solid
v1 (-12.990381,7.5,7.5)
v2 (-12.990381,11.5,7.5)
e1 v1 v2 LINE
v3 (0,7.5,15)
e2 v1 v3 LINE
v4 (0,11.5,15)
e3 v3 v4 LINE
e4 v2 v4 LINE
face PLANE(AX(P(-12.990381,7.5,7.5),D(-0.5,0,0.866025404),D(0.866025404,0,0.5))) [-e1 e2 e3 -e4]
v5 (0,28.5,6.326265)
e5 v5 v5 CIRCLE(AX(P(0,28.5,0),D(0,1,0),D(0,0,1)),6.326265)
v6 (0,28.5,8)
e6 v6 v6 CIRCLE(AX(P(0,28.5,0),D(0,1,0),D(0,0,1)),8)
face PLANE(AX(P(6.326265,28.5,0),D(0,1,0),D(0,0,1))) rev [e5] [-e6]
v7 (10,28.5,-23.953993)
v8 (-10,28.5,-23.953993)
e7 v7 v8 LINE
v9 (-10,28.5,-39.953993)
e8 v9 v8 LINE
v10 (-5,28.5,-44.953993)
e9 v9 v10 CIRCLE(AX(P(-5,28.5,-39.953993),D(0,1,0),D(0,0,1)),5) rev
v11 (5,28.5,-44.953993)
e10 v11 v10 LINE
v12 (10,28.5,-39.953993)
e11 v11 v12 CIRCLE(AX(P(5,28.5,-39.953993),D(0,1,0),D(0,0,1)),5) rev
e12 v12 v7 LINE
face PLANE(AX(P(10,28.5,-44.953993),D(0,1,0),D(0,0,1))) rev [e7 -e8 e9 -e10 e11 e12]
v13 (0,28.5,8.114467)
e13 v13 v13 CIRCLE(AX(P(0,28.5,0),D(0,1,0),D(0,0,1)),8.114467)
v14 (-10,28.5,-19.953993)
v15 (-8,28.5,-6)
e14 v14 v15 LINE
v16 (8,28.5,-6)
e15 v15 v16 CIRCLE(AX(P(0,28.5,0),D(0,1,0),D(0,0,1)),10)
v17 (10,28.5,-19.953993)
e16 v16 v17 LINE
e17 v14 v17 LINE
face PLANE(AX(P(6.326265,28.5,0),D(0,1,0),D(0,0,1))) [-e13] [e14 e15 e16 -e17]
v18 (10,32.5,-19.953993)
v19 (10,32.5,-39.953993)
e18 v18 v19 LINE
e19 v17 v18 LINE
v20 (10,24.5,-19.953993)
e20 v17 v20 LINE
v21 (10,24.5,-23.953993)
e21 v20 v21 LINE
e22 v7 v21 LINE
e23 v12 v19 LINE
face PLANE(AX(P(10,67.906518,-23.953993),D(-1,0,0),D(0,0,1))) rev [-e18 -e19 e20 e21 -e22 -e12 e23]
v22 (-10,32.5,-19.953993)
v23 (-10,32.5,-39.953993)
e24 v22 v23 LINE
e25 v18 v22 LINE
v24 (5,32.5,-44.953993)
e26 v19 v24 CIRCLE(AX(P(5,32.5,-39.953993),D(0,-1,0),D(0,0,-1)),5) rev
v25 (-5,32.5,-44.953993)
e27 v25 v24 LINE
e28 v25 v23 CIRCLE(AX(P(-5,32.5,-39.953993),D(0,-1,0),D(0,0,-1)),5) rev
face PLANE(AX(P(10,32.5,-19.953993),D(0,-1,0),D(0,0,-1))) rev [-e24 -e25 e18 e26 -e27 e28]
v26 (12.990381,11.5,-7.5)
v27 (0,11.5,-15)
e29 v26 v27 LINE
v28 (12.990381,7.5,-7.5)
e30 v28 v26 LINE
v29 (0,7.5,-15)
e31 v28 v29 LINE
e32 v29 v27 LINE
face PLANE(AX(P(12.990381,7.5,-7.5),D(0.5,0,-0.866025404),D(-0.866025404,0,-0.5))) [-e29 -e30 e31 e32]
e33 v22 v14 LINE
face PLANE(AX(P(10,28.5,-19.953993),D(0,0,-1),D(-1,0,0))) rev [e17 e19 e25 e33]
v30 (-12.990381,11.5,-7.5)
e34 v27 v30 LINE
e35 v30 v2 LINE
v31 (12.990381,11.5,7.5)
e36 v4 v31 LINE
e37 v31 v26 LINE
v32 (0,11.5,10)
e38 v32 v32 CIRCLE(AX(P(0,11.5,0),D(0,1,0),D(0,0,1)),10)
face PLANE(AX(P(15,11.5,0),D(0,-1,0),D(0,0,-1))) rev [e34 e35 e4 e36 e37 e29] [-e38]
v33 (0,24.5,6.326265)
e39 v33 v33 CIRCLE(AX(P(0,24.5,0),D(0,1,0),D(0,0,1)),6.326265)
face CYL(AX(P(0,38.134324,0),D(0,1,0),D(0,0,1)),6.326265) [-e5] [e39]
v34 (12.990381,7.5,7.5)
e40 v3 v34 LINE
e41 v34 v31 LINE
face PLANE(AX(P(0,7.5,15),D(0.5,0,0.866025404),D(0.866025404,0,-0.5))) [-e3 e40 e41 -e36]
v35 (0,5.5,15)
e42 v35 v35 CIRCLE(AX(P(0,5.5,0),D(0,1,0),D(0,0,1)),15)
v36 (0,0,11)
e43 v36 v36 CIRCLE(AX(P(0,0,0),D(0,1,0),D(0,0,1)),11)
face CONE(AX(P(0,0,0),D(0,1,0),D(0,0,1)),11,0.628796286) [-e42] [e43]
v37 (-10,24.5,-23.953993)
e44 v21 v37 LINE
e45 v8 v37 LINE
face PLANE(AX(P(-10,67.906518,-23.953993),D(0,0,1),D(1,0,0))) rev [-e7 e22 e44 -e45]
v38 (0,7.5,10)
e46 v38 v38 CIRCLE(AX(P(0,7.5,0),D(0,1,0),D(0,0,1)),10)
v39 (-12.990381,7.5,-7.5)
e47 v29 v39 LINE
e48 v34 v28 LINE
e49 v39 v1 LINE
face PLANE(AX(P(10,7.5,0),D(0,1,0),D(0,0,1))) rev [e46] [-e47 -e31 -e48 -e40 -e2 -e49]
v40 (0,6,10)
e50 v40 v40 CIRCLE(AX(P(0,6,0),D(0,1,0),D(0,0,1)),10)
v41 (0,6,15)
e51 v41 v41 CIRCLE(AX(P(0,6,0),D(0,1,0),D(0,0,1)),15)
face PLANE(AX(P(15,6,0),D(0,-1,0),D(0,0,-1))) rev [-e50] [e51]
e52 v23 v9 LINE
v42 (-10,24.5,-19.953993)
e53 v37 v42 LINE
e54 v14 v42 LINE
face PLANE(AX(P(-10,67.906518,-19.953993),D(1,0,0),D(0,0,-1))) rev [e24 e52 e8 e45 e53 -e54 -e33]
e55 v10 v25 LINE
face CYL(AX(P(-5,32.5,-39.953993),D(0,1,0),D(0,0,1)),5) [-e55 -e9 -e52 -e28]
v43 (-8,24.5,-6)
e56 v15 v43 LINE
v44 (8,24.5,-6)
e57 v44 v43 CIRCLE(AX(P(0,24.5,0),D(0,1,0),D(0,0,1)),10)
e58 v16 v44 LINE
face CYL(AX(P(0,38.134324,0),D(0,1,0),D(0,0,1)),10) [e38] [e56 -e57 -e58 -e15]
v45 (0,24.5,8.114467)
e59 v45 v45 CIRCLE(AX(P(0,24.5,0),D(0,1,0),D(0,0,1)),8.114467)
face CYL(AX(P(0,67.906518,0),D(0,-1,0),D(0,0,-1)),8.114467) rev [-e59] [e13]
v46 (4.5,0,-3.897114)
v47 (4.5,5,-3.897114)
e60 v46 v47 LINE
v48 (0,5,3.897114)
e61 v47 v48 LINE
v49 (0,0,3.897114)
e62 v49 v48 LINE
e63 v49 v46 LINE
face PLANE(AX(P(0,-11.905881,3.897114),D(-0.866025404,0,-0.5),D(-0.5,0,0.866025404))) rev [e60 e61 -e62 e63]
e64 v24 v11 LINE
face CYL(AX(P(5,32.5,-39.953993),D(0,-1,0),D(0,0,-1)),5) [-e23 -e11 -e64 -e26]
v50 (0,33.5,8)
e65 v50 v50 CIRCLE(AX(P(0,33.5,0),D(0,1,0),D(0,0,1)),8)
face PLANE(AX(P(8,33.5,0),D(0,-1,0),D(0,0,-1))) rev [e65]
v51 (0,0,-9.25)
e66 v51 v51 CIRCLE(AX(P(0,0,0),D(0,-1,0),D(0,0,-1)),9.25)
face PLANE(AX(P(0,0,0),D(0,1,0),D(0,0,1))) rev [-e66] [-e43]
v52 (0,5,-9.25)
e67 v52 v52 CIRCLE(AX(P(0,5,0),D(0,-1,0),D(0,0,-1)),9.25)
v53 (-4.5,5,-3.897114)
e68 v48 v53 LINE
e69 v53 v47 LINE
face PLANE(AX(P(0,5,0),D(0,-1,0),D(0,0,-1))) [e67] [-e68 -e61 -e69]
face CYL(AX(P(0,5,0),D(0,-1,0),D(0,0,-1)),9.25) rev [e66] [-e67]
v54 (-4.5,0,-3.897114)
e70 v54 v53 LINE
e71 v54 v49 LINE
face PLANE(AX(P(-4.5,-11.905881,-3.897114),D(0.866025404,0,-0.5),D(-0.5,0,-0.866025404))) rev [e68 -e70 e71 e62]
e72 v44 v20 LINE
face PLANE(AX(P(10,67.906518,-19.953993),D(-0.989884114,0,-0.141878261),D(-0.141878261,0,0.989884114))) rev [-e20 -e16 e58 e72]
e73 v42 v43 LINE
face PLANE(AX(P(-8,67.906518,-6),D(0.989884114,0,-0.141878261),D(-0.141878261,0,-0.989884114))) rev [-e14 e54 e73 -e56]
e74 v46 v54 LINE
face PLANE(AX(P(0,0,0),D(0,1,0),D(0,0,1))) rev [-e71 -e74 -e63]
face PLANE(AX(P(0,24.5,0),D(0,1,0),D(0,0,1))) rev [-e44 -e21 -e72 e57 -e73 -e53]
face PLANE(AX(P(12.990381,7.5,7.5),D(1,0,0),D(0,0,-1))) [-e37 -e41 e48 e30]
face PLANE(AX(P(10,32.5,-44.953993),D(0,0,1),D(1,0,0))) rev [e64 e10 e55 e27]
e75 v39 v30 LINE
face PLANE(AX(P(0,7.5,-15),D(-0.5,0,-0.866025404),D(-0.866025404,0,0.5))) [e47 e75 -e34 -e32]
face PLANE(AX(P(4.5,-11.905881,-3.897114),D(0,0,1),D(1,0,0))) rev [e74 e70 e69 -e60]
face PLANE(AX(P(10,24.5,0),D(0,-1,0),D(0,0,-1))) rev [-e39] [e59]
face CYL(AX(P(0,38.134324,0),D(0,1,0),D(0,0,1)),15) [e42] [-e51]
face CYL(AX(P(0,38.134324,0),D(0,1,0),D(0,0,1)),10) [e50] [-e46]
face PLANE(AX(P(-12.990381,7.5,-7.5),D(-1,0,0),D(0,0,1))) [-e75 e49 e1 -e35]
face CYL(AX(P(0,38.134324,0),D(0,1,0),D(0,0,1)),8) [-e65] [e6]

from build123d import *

# Parameters (mm, degrees)
EXTRUDE_START       = 4
SKETCH_2_R          = 8.114467409
EXTRUDE_1_DEPTH     = 4
SKETCH_4_R          = 9.25
CUT_EXTRUDE_1_DEPTH = 5
SKETCH_5_OUTSIDE_W  = 43.9
SKETCH_5_OUTSIDE_H  = 52.854
CUT_EXTRUDE_7_DEPTH = 4
EXTRUDE_3_DEPTH     = 5
SKETCH_9_W          = 20
SKETCH_9_H          = 4
EXTRUDE_4_DEPTH     = 21
SKETCH_11_W         = 20
SKETCH_11_H         = 4
EXTRUDE_5_DEPTH     = 4
FILLET_1_R          = 5


with BuildPart() as part:
    # Эскиз1 → Повернуть1 (revolve)
    with BuildSketch(Plane.XY, mode=Mode.PRIVATE) as revolve_1_sk:
        Polygon((0, 0), (11, 0), (15, 5.5), (15, 6), (10, 6), (10, 7.5), (15, 7.5), (15, 11.5), (10, 11.5), (10, 24.5), (6.326264721, 24.5), (6.326264721, 28.5), (8, 28.5), (8, 33.5), (0, 33.5), align=None)
    revolve(revolve_1_sk.sketch.rotate(Axis((0, 38.134324324, 0), (0, -1, 0)), 90), axis=Axis((0, 38.134324324, 0), (0, -1, 0)))

    # Эскиз2 → Вытянуть1 (add)
    with BuildSketch(Plane(origin=(0, 24.5, 0), x_dir=(1, 0, 0), z_dir=(0, 1, 0)).offset(EXTRUDE_START)):
        with BuildLine():
            Line((-8, 6), (-10, 19.953992765))
            Line((-10, 19.953992765), (-10, 23.953992765))
            Line((-10, 23.953992765), (10, 23.953992765))
            Line((10, 23.953992765), (10, 19.953992765))
            Line((10, 19.953992765), (8, 6))
            ThreePointArc((8, 6), (0, -10), (-8, 6))
        make_face()
        with Locations(Location((0, 0, 0), (0, 0, 270))):
            Circle(SKETCH_2_R, mode=Mode.SUBTRACT)
    extrude(amount=-EXTRUDE_1_DEPTH)

    # Эскиз4 → Вырез-Вытянуть1 (cut)
    with BuildSketch(Plane.XZ):
        with Locations(Location((0, 0, 0), (0, 0, 270))):
            Circle(SKETCH_4_R)
    extrude(amount=-CUT_EXTRUDE_1_DEPTH, mode=Mode.SUBTRACT)

    # Эскиз5 outside → Вырез-Вытянуть7 (cut)
    with BuildSketch(Plane(origin=(0, 11.5, 0), x_dir=(1, 0, 0), z_dir=(0, 1, 0))):
        with Locations((0, 4.477)):
            Rectangle(SKETCH_5_OUTSIDE_W, SKETCH_5_OUTSIDE_H)
        Polygon((0, -15), (12.990381057, -7.5), (12.990381057, 7.5), (0, 15), (-12.990381057, 7.5), (-12.990381057, -7.5), align=None, mode=Mode.SUBTRACT)
    extrude(amount=-CUT_EXTRUDE_7_DEPTH, mode=Mode.SUBTRACT)

    # Эскиз6 → Вытянуть3 (add)
    with BuildSketch(Plane.XZ.offset(-5)):
        Polygon((-4.5, -3.897114317), (0, 3.897114317), (4.5, -3.897114317), align=None)
    extrude(amount=EXTRUDE_3_DEPTH)



with BuildPart() as body_2:
    # Эскиз9 → Вытянуть4 (new body)
    with BuildSketch(Plane(origin=(0, 0, -23.953992765), x_dir=(-1, 0, 0), z_dir=(0, 0, -1))):
        with Locations((0, 30.5)):
            Rectangle(SKETCH_9_W, SKETCH_9_H)
    extrude(amount=EXTRUDE_4_DEPTH)


with BuildPart() as part_1:
    add(part.part)

    add(body_2.part)  # Вытянуть5 merges body 2
    # Эскиз11 → Вытянуть5 (add)
    with BuildSketch(Plane.XY.offset(-23.953992765)):
        with Locations((0, 30.5)):
            Rectangle(SKETCH_11_W, SKETCH_11_H)
    extrude(amount=EXTRUDE_5_DEPTH)

    # Скругление1
    fillet_1_edges = [part_1.edges().sort_by_distance(p)[0] for p in [
        (10, 30.5, -44.953992765),
        (-10, 30.5, -44.953992765),
    ]]
    fillet(fillet_1_edges, radius=FILLET_1_R)


solid = part_1.part
